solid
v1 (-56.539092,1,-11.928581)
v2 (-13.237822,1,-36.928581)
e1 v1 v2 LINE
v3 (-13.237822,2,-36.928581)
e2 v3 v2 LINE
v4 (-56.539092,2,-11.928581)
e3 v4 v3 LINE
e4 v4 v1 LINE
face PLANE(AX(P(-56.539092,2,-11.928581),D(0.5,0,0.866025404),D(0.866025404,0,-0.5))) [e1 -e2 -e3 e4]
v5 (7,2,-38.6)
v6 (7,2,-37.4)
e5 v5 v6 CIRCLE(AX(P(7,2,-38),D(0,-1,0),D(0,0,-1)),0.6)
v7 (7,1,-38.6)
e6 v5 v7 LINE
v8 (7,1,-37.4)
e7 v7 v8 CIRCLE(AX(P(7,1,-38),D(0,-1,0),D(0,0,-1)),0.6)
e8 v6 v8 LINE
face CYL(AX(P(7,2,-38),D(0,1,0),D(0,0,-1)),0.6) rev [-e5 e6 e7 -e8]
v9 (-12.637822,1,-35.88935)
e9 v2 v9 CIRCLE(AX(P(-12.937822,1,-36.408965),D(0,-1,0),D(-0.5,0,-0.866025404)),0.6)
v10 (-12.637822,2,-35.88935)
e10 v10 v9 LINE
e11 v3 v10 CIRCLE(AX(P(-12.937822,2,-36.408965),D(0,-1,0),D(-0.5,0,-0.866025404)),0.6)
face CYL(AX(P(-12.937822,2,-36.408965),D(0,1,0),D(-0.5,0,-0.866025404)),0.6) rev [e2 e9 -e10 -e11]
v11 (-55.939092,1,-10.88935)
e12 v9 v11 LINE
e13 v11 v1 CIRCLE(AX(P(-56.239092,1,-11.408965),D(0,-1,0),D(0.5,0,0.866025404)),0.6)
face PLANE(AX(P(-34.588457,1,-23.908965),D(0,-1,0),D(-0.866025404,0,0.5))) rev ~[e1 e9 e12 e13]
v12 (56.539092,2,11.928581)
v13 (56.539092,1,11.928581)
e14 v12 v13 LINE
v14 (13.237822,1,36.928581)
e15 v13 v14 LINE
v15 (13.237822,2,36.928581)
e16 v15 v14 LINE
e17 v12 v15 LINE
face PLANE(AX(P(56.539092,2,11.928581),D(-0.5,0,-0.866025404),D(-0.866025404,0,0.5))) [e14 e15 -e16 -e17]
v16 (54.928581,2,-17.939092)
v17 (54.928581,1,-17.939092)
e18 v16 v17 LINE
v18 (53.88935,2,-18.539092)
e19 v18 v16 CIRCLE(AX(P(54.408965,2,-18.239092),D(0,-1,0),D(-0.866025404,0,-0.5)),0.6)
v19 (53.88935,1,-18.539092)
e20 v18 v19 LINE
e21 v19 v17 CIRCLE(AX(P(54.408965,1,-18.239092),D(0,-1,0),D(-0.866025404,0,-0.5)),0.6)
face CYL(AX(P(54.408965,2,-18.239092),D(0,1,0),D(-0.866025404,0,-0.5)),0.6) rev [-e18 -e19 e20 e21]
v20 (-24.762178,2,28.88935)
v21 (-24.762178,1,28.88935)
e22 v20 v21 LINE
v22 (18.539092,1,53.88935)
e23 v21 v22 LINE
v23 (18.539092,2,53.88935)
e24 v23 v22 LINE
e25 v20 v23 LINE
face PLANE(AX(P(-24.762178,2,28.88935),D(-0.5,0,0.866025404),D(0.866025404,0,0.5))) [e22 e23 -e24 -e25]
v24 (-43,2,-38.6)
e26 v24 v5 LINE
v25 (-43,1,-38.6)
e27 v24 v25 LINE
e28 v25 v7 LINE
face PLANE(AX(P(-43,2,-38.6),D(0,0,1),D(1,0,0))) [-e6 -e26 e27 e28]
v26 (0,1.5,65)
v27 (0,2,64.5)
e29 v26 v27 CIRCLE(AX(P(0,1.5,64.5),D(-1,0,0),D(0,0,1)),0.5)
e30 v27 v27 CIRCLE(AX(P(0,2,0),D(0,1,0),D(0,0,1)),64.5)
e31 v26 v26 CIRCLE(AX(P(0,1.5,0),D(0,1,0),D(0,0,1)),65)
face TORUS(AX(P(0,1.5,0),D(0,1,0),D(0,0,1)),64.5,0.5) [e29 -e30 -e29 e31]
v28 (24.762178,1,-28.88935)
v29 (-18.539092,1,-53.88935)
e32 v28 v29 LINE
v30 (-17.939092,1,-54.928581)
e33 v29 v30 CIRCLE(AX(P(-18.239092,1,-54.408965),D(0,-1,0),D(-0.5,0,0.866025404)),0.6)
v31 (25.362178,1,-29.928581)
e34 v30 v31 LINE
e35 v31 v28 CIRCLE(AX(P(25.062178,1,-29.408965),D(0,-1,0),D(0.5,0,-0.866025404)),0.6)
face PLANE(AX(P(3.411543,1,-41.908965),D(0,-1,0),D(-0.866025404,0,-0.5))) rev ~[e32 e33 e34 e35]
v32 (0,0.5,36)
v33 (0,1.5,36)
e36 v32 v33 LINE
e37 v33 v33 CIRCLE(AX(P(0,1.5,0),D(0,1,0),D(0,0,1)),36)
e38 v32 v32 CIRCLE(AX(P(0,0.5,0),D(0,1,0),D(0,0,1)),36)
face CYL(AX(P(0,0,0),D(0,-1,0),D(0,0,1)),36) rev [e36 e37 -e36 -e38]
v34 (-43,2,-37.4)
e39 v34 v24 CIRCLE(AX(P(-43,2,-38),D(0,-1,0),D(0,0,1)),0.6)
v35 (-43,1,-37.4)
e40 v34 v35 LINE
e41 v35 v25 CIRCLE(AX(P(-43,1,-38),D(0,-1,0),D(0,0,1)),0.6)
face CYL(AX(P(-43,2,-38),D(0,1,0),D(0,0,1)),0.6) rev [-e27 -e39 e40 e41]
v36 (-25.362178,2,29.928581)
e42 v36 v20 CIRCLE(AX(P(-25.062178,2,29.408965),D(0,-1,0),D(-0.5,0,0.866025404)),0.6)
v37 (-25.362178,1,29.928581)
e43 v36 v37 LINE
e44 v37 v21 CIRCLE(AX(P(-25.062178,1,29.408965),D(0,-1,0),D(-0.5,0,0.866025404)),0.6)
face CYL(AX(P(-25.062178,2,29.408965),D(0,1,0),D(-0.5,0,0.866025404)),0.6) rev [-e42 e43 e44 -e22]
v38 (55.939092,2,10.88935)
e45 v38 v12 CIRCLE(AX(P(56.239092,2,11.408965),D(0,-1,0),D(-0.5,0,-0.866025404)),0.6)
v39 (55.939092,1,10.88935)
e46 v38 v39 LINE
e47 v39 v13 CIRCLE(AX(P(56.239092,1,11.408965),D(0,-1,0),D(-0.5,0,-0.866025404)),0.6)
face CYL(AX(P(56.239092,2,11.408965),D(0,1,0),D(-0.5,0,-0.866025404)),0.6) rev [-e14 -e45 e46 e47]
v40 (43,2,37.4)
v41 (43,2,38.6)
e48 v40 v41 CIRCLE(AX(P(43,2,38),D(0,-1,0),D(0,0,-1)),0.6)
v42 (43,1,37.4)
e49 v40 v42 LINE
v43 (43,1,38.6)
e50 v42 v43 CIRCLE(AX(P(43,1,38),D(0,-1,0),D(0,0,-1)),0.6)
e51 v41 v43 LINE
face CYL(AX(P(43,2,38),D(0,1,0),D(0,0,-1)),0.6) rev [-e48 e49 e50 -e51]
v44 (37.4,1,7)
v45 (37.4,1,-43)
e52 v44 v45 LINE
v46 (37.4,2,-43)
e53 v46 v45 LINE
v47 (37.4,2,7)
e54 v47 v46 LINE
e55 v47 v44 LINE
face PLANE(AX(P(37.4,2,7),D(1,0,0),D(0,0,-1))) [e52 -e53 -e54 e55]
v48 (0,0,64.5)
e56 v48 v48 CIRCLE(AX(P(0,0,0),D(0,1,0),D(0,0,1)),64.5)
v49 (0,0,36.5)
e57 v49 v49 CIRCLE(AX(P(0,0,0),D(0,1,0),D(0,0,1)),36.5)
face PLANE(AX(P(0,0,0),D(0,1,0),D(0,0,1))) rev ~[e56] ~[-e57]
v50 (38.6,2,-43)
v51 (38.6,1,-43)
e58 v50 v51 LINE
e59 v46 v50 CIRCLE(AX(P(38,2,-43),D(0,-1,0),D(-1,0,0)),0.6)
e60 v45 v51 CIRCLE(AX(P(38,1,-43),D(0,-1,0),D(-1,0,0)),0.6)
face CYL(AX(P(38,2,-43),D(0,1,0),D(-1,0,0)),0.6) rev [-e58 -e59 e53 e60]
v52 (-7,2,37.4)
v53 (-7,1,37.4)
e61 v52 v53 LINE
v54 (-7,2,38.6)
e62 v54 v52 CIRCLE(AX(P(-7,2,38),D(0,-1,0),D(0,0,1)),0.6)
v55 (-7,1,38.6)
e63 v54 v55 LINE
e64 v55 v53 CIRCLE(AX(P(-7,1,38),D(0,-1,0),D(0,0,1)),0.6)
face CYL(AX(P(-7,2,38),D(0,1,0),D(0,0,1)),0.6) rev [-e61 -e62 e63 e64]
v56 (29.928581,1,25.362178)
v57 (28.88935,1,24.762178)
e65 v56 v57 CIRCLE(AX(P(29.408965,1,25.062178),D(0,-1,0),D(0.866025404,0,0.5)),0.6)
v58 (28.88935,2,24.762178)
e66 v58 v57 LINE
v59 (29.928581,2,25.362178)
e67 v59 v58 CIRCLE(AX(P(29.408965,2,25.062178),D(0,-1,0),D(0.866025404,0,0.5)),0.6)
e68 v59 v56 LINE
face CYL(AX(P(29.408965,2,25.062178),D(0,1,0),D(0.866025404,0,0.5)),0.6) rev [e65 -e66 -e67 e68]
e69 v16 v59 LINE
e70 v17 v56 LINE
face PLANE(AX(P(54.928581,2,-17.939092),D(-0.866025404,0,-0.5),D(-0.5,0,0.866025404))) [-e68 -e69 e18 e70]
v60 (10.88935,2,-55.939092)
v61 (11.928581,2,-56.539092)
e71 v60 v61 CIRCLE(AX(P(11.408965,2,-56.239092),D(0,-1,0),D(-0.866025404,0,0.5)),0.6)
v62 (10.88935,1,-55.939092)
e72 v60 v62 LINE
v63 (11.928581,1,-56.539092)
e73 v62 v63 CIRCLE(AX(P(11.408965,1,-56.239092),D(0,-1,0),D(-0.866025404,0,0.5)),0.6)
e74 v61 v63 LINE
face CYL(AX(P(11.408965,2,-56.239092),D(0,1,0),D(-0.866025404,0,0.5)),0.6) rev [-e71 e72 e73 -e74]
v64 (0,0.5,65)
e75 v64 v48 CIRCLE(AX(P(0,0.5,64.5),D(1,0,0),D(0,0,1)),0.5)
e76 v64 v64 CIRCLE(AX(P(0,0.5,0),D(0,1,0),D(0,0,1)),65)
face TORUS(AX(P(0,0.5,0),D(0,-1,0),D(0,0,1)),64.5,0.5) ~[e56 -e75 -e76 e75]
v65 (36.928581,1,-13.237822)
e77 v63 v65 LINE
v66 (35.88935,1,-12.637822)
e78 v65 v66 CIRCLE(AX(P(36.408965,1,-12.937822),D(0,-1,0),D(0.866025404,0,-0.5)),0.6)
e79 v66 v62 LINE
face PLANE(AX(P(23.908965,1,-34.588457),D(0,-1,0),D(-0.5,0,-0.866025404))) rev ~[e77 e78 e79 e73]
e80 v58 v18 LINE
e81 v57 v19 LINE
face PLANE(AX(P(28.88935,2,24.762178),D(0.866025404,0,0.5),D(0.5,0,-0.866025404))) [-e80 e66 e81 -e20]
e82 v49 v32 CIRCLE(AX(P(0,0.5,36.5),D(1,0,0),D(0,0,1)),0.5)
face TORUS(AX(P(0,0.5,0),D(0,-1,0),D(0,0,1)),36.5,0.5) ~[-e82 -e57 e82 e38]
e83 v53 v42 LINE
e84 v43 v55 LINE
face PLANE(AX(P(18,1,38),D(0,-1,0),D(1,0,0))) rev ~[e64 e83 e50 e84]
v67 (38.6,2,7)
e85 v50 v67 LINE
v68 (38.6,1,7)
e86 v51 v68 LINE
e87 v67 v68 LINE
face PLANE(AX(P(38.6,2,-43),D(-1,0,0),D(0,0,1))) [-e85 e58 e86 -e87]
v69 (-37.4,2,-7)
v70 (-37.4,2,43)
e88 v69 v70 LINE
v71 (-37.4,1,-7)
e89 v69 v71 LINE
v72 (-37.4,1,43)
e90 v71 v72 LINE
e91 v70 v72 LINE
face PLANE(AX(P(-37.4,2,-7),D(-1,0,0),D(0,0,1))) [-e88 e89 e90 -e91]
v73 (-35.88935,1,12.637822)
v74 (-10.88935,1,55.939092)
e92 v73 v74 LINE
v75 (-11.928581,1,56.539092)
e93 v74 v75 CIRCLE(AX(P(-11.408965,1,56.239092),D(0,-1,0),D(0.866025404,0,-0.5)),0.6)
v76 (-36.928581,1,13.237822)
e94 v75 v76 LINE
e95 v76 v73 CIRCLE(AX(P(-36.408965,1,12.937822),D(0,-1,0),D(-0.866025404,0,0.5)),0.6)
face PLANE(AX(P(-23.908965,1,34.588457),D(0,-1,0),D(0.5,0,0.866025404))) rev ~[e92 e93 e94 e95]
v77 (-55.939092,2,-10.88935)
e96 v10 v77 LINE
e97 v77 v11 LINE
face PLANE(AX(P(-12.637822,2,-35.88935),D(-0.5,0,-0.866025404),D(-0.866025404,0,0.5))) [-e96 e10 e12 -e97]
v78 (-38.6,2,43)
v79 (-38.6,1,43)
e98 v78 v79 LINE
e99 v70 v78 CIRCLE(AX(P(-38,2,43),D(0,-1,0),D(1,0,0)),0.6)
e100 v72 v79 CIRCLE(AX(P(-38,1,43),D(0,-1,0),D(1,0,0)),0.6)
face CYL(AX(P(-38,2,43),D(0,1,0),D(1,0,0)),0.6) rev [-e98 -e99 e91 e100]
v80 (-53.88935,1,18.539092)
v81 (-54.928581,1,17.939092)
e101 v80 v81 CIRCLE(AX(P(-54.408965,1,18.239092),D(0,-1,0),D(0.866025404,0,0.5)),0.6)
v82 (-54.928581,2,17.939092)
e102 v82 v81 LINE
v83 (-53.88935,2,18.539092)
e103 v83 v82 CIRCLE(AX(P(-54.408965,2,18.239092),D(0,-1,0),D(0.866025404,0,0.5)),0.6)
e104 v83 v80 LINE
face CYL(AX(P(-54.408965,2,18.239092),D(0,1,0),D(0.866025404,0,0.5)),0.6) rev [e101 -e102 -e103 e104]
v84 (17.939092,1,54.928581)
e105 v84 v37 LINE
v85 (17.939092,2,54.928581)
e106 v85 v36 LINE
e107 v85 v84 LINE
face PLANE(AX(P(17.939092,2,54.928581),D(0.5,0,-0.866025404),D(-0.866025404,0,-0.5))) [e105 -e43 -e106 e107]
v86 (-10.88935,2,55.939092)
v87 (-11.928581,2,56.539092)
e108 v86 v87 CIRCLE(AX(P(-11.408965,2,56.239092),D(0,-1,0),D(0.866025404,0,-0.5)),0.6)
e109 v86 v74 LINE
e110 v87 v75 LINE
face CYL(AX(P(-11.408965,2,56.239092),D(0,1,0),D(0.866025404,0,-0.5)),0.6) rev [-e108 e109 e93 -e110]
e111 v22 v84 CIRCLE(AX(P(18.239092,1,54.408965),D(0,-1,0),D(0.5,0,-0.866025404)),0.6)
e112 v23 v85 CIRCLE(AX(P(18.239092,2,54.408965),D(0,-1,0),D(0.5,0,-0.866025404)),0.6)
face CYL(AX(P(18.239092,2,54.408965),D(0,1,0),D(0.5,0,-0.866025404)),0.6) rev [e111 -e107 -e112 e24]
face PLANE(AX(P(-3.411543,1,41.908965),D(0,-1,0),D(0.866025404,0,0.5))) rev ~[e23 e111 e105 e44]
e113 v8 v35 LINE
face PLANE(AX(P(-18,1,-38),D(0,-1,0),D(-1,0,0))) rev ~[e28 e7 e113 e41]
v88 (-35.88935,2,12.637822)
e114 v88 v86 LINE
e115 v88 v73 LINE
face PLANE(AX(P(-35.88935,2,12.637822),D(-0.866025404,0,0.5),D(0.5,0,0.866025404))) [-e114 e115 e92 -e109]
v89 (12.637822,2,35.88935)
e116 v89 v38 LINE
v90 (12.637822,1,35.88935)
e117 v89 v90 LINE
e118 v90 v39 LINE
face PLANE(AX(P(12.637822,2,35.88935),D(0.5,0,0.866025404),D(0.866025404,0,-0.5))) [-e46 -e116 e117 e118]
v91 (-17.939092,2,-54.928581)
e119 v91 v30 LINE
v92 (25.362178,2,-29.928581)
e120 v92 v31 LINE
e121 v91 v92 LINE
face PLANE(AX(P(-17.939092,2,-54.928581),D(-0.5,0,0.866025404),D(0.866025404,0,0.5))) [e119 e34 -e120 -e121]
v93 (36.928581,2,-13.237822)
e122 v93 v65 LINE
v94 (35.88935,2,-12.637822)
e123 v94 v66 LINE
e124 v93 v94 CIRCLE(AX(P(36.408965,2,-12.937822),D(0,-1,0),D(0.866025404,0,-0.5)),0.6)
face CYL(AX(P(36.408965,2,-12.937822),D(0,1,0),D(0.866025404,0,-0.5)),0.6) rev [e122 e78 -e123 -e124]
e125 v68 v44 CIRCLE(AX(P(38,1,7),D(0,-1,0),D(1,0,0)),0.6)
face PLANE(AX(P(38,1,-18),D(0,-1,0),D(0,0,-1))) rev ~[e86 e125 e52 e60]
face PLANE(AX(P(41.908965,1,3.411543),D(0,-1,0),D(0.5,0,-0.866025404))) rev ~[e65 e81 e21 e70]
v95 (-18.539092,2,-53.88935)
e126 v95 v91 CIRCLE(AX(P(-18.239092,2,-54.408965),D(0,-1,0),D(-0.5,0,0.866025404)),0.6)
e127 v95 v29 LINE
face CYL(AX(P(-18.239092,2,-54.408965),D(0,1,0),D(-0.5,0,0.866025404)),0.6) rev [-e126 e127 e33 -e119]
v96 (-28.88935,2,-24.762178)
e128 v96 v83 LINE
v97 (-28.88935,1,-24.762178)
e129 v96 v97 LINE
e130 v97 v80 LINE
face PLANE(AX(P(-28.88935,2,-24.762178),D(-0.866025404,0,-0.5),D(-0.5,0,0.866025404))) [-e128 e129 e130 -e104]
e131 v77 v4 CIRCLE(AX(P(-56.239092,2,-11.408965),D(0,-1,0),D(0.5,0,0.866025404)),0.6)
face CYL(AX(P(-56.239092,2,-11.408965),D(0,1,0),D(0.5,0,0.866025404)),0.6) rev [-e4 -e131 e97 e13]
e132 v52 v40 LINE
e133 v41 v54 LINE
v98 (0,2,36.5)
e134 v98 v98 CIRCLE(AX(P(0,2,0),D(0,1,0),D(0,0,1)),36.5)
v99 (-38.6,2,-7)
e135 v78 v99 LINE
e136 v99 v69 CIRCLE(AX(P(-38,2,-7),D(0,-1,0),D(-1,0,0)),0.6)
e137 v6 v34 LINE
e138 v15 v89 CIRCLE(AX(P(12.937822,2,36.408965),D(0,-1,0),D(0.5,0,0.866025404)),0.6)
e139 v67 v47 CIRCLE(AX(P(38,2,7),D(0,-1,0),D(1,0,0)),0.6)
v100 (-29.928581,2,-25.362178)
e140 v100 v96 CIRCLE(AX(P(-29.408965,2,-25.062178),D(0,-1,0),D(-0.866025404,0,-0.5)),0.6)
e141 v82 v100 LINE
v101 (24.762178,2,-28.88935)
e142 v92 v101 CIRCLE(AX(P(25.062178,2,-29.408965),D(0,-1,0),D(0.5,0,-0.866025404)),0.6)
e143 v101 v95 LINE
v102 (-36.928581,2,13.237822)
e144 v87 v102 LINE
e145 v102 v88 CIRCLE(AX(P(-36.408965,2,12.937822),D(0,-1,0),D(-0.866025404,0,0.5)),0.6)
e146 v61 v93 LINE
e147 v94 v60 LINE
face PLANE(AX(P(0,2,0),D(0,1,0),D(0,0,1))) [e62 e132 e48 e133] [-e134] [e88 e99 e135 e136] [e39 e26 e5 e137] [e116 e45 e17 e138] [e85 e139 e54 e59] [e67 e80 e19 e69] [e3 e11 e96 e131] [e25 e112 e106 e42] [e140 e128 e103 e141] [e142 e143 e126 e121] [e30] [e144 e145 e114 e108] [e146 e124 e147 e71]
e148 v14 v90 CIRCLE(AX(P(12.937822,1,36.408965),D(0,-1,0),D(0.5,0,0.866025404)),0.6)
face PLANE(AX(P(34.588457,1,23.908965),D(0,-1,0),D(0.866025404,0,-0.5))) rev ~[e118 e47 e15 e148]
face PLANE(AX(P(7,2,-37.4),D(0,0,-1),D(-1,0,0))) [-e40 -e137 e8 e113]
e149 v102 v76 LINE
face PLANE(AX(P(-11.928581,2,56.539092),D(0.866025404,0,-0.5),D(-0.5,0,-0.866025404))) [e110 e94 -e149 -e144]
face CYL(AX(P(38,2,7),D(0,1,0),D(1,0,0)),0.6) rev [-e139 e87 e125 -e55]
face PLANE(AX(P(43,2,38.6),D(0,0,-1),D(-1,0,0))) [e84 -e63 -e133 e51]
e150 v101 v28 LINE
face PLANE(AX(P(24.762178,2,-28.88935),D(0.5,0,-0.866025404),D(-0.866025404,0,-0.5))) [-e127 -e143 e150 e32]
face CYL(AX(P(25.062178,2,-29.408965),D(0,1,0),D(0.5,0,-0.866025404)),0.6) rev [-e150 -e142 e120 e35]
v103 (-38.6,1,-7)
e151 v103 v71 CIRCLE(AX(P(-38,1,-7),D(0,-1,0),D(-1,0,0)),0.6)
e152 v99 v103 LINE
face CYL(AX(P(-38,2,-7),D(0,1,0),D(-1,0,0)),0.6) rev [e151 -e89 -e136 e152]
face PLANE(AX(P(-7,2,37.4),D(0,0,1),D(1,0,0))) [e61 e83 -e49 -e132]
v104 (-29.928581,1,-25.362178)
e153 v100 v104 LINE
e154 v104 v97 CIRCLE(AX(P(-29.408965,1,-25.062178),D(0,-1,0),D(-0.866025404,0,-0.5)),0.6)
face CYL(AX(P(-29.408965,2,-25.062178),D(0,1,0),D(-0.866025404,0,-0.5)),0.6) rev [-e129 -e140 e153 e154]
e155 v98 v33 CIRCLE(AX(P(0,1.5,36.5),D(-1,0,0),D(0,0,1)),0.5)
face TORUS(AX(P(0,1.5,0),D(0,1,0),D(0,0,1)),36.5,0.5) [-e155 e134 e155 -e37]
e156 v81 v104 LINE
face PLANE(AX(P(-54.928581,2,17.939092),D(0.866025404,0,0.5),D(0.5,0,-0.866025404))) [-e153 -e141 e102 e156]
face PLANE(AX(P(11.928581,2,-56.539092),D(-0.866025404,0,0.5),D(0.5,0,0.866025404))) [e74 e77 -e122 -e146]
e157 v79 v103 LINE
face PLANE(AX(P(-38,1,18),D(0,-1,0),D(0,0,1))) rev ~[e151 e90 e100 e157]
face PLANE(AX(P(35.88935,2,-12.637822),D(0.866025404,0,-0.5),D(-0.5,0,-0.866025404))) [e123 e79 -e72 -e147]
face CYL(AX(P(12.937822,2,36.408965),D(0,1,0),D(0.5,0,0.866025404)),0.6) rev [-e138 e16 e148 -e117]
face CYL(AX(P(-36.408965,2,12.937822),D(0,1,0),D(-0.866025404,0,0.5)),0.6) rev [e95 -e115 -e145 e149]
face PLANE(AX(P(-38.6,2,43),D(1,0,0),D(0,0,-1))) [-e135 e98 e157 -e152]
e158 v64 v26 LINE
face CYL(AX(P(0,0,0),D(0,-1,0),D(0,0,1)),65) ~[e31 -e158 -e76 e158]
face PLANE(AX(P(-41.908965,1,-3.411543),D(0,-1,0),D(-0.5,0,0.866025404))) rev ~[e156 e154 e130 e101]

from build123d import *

# Parameters (mm, degrees)
SKETCH2_R            = 65
SKETCH2_R_2          = 36
RING_EXTRUSION_DEPTH = 2
GROOVES_DEPTH        = 1
CIRPATTERN2_COUNT    = 12
FILLET3_R            = 0.5


with BuildPart() as part:
    # Sketch2 → ring extrusion (new body)
    with BuildSketch(Plane(origin=(0, 0, 0), x_dir=(1, 0, 0), z_dir=(0, 1, 0))):
        with Locations(Location((0, 0, 0), (0, 0, 270))):
            Circle(SKETCH2_R)
        with Locations(Location((0, 0, 0), (0, 0, 270))):
            Circle(SKETCH2_R_2, mode=Mode.SUBTRACT)
    extrude(amount=RING_EXTRUSION_DEPTH)

    # Sketch5 → grooves (cut)
    with BuildSketch(Plane(origin=(0, 2, 0), x_dir=(1, 0, 0), z_dir=(0, 1, 0))):
        with BuildLine():
            Line((-43, 38.6), (7, 38.6))
            ThreePointArc((7, 38.6), (7.6, 38), (7, 37.4))
            Line((7, 37.4), (-43, 37.4))
            ThreePointArc((-43, 37.4), (-43.6, 38), (-43, 38.6))
        make_face()
    grooves = extrude(amount=-GROOVES_DEPTH, mode=Mode.SUBTRACT)

    # CirPattern2: grooves ×12 about axis
    cirpattern2_axis = Axis((0, 0, 0), (0, 1, 0))
    for i in range(1, CIRPATTERN2_COUNT):
        add(grooves.rotate(cirpattern2_axis, i * 360 / CIRPATTERN2_COUNT), mode=Mode.SUBTRACT)

    # Fillet3
    fillet3_edges = [part.edges().sort_by_distance(p)[0] for p in [
        (0, 0, -65),
        (0, 2, -65),
        (0, 0, -36),
        (0, 2, -36),
    ]]
    fillet(fillet3_edges, radius=FILLET3_R)


solid = part.part
